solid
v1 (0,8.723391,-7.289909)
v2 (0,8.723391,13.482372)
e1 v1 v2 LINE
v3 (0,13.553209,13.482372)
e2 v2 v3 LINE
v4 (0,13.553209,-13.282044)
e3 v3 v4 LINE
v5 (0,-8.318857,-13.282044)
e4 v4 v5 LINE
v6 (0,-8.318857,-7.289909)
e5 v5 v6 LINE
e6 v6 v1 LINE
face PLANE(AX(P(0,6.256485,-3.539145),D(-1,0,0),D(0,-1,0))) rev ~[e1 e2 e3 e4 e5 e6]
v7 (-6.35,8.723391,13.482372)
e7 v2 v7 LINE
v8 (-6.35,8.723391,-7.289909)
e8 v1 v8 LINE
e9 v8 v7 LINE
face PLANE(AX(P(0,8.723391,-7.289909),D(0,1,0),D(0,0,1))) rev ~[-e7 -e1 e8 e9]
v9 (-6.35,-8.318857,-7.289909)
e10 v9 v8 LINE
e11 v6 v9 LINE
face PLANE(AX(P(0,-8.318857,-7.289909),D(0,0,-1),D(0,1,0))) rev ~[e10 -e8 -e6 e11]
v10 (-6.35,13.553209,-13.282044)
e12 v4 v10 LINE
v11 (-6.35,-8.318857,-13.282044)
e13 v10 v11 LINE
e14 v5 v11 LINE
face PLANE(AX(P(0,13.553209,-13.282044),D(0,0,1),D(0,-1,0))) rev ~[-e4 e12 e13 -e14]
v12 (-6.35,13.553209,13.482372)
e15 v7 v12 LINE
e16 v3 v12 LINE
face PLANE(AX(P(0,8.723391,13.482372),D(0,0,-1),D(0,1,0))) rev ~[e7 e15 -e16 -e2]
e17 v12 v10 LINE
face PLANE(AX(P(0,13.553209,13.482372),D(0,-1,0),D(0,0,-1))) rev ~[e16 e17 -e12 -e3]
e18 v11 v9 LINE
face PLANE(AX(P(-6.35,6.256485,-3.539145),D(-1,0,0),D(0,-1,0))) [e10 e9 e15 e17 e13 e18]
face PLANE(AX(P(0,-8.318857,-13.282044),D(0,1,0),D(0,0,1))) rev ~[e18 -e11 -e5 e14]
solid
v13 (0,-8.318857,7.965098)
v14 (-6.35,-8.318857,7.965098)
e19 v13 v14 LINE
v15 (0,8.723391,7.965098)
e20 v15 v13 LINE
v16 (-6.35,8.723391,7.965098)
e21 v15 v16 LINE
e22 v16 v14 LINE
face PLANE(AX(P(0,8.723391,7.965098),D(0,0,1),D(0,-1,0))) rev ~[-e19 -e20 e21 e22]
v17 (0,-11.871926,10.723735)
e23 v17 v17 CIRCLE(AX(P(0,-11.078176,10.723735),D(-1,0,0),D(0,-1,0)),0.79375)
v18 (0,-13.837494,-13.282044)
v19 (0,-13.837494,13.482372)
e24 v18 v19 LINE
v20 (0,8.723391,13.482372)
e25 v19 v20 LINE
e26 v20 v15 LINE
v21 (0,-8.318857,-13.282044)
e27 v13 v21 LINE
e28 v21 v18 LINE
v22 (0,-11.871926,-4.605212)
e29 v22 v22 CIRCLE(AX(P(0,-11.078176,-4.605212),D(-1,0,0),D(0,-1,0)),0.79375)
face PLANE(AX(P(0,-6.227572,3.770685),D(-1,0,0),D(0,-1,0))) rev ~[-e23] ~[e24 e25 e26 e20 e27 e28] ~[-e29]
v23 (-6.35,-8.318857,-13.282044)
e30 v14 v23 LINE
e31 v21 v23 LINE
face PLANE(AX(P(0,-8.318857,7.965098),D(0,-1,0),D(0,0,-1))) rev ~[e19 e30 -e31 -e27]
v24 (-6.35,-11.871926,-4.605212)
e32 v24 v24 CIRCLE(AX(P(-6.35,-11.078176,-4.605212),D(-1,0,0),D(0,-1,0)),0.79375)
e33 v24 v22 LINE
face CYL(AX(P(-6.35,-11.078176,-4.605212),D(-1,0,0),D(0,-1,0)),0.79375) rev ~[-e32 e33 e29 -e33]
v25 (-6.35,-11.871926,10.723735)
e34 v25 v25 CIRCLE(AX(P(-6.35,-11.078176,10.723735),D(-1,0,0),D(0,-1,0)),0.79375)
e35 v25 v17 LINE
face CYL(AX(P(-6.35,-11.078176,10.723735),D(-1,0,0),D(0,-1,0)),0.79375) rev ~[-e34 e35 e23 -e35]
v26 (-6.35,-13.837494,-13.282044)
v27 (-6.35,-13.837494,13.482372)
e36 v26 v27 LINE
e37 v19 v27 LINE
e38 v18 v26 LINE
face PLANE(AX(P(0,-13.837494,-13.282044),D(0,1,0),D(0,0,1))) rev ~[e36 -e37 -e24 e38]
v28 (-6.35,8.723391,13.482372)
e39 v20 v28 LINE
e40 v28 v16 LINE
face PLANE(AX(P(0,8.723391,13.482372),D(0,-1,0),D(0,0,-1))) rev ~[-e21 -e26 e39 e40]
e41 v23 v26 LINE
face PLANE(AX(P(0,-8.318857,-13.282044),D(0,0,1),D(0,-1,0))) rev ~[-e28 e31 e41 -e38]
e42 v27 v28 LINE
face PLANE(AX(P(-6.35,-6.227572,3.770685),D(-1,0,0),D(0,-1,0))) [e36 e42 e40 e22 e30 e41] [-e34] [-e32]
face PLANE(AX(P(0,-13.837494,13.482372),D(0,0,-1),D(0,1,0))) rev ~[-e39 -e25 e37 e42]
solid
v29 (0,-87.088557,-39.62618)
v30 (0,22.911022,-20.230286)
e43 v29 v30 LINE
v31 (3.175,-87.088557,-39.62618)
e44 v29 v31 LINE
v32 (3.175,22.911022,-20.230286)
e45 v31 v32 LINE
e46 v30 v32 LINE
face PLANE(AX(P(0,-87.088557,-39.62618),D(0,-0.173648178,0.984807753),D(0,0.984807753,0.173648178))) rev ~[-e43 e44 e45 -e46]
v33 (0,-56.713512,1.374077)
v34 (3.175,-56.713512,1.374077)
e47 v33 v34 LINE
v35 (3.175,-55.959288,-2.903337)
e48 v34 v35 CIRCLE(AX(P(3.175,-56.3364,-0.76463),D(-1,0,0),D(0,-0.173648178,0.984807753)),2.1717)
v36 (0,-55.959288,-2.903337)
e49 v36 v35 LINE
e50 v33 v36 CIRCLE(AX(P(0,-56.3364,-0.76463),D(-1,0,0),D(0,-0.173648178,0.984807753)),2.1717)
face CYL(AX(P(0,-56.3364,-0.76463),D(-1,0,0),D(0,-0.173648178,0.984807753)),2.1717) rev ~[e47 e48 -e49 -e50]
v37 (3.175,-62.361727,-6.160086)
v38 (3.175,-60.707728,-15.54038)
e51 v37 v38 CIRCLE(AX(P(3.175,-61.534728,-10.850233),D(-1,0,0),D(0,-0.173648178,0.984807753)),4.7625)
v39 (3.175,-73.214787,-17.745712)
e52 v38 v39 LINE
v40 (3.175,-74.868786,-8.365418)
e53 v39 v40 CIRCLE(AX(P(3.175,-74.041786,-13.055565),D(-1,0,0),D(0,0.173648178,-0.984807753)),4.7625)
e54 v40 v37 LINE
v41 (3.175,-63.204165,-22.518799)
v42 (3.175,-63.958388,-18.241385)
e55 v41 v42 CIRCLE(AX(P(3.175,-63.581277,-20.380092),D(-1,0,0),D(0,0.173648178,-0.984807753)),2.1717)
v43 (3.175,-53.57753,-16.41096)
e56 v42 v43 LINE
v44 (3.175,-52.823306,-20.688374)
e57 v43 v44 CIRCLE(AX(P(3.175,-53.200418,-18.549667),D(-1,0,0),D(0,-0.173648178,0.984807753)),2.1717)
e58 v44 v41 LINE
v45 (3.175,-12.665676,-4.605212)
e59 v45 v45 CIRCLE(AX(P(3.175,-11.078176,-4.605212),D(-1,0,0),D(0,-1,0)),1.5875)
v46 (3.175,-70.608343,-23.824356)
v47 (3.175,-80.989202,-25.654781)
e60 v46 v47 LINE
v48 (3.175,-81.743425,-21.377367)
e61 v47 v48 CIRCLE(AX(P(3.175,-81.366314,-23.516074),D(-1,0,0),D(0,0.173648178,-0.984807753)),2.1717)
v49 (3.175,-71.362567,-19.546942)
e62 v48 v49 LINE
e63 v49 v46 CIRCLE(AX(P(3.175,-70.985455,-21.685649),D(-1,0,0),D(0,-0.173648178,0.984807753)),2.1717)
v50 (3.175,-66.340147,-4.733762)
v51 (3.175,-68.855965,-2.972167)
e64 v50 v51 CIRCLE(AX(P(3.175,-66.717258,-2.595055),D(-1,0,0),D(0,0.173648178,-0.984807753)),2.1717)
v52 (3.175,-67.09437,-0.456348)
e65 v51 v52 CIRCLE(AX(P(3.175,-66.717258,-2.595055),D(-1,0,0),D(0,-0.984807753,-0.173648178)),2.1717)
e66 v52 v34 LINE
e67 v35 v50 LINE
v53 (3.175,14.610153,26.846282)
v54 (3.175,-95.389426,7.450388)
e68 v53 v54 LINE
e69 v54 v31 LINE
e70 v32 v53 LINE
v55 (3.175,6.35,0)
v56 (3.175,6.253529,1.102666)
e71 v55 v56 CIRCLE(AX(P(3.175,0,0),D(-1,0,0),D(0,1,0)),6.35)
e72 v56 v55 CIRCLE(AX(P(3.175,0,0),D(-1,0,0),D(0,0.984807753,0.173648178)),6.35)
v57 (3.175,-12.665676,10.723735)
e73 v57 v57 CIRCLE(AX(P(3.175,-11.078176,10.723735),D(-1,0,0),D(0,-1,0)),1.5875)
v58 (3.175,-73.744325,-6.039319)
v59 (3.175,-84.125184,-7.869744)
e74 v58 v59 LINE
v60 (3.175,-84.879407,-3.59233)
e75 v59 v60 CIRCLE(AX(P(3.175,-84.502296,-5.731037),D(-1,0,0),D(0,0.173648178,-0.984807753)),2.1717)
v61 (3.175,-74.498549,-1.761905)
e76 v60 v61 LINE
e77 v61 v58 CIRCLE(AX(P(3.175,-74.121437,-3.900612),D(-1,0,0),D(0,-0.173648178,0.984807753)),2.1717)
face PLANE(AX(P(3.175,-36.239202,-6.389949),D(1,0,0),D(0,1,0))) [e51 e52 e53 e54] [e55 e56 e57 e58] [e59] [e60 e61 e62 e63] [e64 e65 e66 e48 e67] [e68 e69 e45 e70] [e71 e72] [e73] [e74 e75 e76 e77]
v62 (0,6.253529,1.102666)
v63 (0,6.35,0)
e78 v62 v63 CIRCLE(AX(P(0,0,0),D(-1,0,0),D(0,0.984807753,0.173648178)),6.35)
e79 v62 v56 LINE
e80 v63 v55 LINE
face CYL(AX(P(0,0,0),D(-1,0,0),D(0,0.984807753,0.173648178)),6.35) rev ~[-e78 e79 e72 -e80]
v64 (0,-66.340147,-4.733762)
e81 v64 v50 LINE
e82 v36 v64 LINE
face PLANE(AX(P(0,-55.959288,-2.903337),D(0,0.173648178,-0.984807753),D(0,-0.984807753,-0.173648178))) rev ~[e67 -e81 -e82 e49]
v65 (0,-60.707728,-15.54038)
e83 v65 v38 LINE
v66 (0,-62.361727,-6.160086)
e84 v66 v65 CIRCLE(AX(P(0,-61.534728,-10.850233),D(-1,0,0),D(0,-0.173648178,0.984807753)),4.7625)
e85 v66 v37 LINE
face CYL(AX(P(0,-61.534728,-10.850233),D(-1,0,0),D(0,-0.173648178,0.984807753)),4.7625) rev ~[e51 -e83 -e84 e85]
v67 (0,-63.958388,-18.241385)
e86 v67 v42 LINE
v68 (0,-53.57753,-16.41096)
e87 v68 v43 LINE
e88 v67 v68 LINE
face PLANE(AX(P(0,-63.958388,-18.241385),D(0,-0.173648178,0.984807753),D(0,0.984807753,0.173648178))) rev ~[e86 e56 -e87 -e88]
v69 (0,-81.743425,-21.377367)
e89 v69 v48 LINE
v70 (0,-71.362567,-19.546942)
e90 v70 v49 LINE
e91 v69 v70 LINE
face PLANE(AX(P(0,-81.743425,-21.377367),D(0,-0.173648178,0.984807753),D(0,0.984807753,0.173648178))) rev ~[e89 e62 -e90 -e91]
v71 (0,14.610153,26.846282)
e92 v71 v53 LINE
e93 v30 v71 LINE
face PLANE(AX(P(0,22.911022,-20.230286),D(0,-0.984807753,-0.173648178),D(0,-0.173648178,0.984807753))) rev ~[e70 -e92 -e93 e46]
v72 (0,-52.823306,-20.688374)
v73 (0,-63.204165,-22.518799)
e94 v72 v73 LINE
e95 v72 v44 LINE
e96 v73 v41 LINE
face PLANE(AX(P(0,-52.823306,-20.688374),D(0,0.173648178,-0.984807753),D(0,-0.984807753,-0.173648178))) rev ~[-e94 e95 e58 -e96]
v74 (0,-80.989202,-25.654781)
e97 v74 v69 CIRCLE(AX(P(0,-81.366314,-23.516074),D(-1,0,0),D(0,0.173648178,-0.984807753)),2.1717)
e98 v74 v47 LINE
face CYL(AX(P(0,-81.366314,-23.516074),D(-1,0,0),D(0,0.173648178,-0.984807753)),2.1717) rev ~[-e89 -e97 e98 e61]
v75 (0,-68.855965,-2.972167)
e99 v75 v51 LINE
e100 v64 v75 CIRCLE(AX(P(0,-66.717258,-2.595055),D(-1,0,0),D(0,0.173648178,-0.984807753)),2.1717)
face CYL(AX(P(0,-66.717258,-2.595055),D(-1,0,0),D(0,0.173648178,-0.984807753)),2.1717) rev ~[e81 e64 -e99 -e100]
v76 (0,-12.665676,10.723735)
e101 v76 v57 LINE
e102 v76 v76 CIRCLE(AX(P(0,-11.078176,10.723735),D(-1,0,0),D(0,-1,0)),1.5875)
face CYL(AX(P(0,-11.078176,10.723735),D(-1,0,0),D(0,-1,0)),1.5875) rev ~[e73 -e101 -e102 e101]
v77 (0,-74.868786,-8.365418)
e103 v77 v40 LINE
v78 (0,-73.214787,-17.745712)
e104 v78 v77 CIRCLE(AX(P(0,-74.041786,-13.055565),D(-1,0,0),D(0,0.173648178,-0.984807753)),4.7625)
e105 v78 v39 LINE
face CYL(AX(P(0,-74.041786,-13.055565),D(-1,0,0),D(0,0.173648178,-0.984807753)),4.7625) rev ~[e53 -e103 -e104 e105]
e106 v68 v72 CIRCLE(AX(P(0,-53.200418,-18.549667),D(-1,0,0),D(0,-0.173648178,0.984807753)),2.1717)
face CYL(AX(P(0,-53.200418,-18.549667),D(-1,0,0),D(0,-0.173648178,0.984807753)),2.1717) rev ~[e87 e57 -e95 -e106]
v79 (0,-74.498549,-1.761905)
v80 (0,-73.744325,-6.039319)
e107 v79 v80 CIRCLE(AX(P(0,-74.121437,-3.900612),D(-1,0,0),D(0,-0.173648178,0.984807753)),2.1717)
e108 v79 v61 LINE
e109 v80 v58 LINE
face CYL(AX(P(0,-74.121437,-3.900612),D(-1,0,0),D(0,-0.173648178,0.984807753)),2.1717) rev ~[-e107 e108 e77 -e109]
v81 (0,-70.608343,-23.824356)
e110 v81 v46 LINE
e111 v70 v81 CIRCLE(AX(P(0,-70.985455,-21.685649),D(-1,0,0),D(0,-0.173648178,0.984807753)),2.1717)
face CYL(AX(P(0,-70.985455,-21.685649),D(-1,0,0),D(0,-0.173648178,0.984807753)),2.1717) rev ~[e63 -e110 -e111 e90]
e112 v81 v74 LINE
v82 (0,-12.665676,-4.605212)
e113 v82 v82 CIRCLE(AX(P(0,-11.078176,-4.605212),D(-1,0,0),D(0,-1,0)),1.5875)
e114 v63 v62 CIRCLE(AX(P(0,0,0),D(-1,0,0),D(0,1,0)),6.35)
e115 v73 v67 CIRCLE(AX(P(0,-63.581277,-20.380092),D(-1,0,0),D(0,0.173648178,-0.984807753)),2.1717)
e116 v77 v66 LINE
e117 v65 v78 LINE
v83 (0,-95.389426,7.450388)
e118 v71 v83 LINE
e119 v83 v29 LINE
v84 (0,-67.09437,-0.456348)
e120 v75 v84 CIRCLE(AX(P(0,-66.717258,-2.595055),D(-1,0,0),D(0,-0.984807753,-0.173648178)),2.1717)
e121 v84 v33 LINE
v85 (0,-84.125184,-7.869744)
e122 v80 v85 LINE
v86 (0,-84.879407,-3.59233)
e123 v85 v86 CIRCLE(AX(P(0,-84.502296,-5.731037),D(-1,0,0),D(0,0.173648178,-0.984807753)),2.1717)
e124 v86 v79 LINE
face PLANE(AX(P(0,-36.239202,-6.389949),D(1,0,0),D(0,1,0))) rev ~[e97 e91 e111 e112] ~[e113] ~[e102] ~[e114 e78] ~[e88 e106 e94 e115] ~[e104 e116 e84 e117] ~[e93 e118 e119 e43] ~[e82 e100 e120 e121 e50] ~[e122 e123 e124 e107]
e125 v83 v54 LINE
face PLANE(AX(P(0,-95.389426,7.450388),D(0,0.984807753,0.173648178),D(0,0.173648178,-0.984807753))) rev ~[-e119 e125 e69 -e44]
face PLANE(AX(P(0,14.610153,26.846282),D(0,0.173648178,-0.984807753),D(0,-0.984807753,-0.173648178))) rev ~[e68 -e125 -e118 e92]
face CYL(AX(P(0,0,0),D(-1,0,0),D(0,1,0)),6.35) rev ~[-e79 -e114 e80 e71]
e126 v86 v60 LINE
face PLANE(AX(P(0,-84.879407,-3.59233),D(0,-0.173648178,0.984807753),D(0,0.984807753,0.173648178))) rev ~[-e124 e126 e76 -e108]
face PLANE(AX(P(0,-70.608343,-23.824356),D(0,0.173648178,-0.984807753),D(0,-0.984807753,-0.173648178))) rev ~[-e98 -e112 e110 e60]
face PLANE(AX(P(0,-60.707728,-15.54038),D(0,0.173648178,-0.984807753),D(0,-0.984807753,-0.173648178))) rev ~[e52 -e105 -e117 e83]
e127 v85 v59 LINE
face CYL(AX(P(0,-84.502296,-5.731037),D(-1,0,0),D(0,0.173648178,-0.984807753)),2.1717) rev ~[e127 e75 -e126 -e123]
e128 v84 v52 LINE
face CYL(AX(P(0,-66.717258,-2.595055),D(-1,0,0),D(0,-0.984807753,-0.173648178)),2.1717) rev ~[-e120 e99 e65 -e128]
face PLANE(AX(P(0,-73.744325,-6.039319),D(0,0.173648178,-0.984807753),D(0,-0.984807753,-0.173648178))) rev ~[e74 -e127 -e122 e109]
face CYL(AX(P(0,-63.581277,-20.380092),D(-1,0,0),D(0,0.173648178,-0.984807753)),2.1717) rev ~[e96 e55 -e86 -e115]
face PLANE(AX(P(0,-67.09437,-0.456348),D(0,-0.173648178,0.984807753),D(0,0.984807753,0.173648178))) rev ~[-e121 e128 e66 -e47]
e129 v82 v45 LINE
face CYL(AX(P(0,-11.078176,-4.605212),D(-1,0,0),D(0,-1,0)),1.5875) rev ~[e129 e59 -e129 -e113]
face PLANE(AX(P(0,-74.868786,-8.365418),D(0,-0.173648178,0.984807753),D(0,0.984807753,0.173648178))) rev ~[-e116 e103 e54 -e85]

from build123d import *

# Parameters (mm, degrees)
F1_DEPTH = 3.175
F3_DEPTH = 6.35
F5_DEPTH = 6.35
F6_R     = 0.79375
F7_DEPTH = 9.526
F8_R     = 1.5875
F9_DEPTH = 3.176


with BuildPart() as f1:
    # F0 (on Right) → F1 (new body)
    with BuildSketch(Plane.YZ):
        Polygon((22.9110222486, -20.2302862433), (18.7605876949, 3.3079977846), (14.6101531412, 26.8462818124), (-95.3894260431, 7.4503881356), (-87.0885569358, -39.6261799201), align=None)
        with BuildLine():
            ThreePointArc((-80.9892019725, -25.6547811042), (-83.5050207172, -23.8931858544), (-81.7434254674, -21.3773671097))
            Line((-81.7434254674, -21.3773671097), (-71.3625669429, -19.546941669))
            ThreePointArc((-71.3625669429, -19.546941669), (-68.8467481982, -21.3085369187), (-70.608343448, -23.8243556634))
            Line((-70.608343448, -23.8243556634), (-80.9892019725, -25.6547811042))
        make_face(mode=Mode.SUBTRACT)
        with BuildLine():
            ThreePointArc((-62.3617270854, -6.1600858096), (-56.8445807155, -10.0232332872), (-60.7077281931, -15.5403796571))
            Line((-60.7077281931, -15.5403796571), (-73.2147866563, -17.7457115134))
            ThreePointArc((-73.2147866563, -17.7457115134), (-78.7319330262, -13.8825640358), (-74.8687855486, -8.365417666))
            Line((-74.8687855486, -8.365417666), (-62.3617270854, -6.1600858096))
        make_face(mode=Mode.SUBTRACT)
        with BuildLine():
            ThreePointArc((-63.2041648378, -22.5187992044), (-65.7199835824, -20.7572039546), (-63.9583883327, -18.24138521))
            Line((-63.9583883327, -18.24138521), (-53.5775298082, -16.4109597692))
            ThreePointArc((-53.5775298082, -16.4109597692), (-51.0617110635, -18.172555019), (-52.8233063133, -20.6883737636))
            Line((-52.8233063133, -20.6883737636), (-63.2041648378, -22.5187992044))
        make_face(mode=Mode.SUBTRACT)
        with BuildLine():
            ThreePointArc((-74.4985488427, -1.7619045342), (-71.982730098, -3.523499784), (-73.7443253478, -6.0393185286))
            Line((-73.7443253478, -6.0393185286), (-84.1251838723, -7.8697439694))
            ThreePointArc((-84.1251838723, -7.8697439694), (-86.6410026169, -6.1081487197), (-84.8794073672, -3.592329975))
            Line((-84.8794073672, -3.592329975), (-74.4985488427, -1.7619045342))
        make_face(mode=Mode.SUBTRACT)
        with BuildLine():
            ThreePointArc((-68.8559654822, -2.9721668199), (-68.4962109796, -1.3494191256), (-67.0943702324, -0.4563480752))
            Line((-67.0943702324, -0.4563480752), (-56.7135117079, 1.3740773655))
            ThreePointArc((-56.7135117079, 1.3740773655), (-54.1976929633, -0.3875178842), (-55.959288213, -2.9033366289))
            Line((-55.959288213, -2.9033366289), (-66.3401467375, -4.7337620697))
            ThreePointArc((-66.3401467375, -4.7337620697), (-67.9628944318, -4.374007567), (-68.8559654822, -2.9721668199))
        make_face(mode=Mode.SUBTRACT)
        with BuildLine():
            ThreePointArc((6.2535292316, 1.1026659282), (6.3258363329, 0.5534389664), (6.35, 0))
            ThreePointArc((6.35, 0), (-6.3258363329, -0.5534389664), (6.2535292316, 1.1026659282))
        make_face(mode=Mode.SUBTRACT)
    extrude(amount=F1_DEPTH)


with BuildPart() as f3:
    # F2 (on face) → F3 (new body)
    with BuildSketch(Plane(origin=(0, 0, 0), x_dir=(0, -1, 0), z_dir=(-1, 0, 0))):
        Polygon((8.3188572899, 7.9650981352), (8.3188572899, -13.2820438594), (13.8374944884, -13.2820438594), (13.8374944884, 13.4823722765), (-8.72339122, 13.4823722765), (-8.72339122, 7.9650981352), align=None)
    extrude(amount=F3_DEPTH)


with BuildPart() as f5:
    # F4 (on face) → F5 (new body, through all)
    with BuildSketch(Plane(origin=(0, 0, 0), x_dir=(0, -1, 0), z_dir=(-1, 0, 0))):
        Polygon((-8.72339122, -7.2899092047), (-8.72339122, 13.4823722765), (-13.5532086715, 13.4823722765), (-13.5532086715, -13.2820438594), (8.3188572899, -13.2820438594), (8.3188572899, -7.2899092047), align=None)
    extrude(amount=F5_DEPTH)


with BuildPart() as f7_tool:
    # F6 (on face) → F7 (new body, through all)
    with BuildSketch(Plane(origin=(-6.35, 0, 0), x_dir=(0, -1, 0), z_dir=(-1, 0, 0))):
        with Locations((11.0781758891, 10.7237352058)):
            Circle(F6_R)
        with Locations((11.0781758891, -4.6052122489)):
            Circle(F6_R)
    extrude(amount=-F7_DEPTH)


with BuildPart() as f1_1:
    add(f1.part)

    # F7: cut by f7_tool
    add(f7_tool.part, mode=Mode.SUBTRACT)

    # F8 (on face) → F9 (cut, through all)
    with BuildSketch(Plane(origin=(0, 0, 0), x_dir=(0, -1, 0), z_dir=(-1, 0, 0))):
        with Locations((11.0781758891, 10.7237352058)):
            Circle(F8_R)
        with Locations((11.0781758891, -4.6052122489)):
            Circle(F8_R)
    extrude(amount=-F9_DEPTH, mode=Mode.SUBTRACT)


with BuildPart() as f3_1:
    add(f3.part)

    # F7: cut by f7_tool
    add(f7_tool.part, mode=Mode.SUBTRACT)


solid = Compound([f5.part, f1_1.part, f3_1.part])
